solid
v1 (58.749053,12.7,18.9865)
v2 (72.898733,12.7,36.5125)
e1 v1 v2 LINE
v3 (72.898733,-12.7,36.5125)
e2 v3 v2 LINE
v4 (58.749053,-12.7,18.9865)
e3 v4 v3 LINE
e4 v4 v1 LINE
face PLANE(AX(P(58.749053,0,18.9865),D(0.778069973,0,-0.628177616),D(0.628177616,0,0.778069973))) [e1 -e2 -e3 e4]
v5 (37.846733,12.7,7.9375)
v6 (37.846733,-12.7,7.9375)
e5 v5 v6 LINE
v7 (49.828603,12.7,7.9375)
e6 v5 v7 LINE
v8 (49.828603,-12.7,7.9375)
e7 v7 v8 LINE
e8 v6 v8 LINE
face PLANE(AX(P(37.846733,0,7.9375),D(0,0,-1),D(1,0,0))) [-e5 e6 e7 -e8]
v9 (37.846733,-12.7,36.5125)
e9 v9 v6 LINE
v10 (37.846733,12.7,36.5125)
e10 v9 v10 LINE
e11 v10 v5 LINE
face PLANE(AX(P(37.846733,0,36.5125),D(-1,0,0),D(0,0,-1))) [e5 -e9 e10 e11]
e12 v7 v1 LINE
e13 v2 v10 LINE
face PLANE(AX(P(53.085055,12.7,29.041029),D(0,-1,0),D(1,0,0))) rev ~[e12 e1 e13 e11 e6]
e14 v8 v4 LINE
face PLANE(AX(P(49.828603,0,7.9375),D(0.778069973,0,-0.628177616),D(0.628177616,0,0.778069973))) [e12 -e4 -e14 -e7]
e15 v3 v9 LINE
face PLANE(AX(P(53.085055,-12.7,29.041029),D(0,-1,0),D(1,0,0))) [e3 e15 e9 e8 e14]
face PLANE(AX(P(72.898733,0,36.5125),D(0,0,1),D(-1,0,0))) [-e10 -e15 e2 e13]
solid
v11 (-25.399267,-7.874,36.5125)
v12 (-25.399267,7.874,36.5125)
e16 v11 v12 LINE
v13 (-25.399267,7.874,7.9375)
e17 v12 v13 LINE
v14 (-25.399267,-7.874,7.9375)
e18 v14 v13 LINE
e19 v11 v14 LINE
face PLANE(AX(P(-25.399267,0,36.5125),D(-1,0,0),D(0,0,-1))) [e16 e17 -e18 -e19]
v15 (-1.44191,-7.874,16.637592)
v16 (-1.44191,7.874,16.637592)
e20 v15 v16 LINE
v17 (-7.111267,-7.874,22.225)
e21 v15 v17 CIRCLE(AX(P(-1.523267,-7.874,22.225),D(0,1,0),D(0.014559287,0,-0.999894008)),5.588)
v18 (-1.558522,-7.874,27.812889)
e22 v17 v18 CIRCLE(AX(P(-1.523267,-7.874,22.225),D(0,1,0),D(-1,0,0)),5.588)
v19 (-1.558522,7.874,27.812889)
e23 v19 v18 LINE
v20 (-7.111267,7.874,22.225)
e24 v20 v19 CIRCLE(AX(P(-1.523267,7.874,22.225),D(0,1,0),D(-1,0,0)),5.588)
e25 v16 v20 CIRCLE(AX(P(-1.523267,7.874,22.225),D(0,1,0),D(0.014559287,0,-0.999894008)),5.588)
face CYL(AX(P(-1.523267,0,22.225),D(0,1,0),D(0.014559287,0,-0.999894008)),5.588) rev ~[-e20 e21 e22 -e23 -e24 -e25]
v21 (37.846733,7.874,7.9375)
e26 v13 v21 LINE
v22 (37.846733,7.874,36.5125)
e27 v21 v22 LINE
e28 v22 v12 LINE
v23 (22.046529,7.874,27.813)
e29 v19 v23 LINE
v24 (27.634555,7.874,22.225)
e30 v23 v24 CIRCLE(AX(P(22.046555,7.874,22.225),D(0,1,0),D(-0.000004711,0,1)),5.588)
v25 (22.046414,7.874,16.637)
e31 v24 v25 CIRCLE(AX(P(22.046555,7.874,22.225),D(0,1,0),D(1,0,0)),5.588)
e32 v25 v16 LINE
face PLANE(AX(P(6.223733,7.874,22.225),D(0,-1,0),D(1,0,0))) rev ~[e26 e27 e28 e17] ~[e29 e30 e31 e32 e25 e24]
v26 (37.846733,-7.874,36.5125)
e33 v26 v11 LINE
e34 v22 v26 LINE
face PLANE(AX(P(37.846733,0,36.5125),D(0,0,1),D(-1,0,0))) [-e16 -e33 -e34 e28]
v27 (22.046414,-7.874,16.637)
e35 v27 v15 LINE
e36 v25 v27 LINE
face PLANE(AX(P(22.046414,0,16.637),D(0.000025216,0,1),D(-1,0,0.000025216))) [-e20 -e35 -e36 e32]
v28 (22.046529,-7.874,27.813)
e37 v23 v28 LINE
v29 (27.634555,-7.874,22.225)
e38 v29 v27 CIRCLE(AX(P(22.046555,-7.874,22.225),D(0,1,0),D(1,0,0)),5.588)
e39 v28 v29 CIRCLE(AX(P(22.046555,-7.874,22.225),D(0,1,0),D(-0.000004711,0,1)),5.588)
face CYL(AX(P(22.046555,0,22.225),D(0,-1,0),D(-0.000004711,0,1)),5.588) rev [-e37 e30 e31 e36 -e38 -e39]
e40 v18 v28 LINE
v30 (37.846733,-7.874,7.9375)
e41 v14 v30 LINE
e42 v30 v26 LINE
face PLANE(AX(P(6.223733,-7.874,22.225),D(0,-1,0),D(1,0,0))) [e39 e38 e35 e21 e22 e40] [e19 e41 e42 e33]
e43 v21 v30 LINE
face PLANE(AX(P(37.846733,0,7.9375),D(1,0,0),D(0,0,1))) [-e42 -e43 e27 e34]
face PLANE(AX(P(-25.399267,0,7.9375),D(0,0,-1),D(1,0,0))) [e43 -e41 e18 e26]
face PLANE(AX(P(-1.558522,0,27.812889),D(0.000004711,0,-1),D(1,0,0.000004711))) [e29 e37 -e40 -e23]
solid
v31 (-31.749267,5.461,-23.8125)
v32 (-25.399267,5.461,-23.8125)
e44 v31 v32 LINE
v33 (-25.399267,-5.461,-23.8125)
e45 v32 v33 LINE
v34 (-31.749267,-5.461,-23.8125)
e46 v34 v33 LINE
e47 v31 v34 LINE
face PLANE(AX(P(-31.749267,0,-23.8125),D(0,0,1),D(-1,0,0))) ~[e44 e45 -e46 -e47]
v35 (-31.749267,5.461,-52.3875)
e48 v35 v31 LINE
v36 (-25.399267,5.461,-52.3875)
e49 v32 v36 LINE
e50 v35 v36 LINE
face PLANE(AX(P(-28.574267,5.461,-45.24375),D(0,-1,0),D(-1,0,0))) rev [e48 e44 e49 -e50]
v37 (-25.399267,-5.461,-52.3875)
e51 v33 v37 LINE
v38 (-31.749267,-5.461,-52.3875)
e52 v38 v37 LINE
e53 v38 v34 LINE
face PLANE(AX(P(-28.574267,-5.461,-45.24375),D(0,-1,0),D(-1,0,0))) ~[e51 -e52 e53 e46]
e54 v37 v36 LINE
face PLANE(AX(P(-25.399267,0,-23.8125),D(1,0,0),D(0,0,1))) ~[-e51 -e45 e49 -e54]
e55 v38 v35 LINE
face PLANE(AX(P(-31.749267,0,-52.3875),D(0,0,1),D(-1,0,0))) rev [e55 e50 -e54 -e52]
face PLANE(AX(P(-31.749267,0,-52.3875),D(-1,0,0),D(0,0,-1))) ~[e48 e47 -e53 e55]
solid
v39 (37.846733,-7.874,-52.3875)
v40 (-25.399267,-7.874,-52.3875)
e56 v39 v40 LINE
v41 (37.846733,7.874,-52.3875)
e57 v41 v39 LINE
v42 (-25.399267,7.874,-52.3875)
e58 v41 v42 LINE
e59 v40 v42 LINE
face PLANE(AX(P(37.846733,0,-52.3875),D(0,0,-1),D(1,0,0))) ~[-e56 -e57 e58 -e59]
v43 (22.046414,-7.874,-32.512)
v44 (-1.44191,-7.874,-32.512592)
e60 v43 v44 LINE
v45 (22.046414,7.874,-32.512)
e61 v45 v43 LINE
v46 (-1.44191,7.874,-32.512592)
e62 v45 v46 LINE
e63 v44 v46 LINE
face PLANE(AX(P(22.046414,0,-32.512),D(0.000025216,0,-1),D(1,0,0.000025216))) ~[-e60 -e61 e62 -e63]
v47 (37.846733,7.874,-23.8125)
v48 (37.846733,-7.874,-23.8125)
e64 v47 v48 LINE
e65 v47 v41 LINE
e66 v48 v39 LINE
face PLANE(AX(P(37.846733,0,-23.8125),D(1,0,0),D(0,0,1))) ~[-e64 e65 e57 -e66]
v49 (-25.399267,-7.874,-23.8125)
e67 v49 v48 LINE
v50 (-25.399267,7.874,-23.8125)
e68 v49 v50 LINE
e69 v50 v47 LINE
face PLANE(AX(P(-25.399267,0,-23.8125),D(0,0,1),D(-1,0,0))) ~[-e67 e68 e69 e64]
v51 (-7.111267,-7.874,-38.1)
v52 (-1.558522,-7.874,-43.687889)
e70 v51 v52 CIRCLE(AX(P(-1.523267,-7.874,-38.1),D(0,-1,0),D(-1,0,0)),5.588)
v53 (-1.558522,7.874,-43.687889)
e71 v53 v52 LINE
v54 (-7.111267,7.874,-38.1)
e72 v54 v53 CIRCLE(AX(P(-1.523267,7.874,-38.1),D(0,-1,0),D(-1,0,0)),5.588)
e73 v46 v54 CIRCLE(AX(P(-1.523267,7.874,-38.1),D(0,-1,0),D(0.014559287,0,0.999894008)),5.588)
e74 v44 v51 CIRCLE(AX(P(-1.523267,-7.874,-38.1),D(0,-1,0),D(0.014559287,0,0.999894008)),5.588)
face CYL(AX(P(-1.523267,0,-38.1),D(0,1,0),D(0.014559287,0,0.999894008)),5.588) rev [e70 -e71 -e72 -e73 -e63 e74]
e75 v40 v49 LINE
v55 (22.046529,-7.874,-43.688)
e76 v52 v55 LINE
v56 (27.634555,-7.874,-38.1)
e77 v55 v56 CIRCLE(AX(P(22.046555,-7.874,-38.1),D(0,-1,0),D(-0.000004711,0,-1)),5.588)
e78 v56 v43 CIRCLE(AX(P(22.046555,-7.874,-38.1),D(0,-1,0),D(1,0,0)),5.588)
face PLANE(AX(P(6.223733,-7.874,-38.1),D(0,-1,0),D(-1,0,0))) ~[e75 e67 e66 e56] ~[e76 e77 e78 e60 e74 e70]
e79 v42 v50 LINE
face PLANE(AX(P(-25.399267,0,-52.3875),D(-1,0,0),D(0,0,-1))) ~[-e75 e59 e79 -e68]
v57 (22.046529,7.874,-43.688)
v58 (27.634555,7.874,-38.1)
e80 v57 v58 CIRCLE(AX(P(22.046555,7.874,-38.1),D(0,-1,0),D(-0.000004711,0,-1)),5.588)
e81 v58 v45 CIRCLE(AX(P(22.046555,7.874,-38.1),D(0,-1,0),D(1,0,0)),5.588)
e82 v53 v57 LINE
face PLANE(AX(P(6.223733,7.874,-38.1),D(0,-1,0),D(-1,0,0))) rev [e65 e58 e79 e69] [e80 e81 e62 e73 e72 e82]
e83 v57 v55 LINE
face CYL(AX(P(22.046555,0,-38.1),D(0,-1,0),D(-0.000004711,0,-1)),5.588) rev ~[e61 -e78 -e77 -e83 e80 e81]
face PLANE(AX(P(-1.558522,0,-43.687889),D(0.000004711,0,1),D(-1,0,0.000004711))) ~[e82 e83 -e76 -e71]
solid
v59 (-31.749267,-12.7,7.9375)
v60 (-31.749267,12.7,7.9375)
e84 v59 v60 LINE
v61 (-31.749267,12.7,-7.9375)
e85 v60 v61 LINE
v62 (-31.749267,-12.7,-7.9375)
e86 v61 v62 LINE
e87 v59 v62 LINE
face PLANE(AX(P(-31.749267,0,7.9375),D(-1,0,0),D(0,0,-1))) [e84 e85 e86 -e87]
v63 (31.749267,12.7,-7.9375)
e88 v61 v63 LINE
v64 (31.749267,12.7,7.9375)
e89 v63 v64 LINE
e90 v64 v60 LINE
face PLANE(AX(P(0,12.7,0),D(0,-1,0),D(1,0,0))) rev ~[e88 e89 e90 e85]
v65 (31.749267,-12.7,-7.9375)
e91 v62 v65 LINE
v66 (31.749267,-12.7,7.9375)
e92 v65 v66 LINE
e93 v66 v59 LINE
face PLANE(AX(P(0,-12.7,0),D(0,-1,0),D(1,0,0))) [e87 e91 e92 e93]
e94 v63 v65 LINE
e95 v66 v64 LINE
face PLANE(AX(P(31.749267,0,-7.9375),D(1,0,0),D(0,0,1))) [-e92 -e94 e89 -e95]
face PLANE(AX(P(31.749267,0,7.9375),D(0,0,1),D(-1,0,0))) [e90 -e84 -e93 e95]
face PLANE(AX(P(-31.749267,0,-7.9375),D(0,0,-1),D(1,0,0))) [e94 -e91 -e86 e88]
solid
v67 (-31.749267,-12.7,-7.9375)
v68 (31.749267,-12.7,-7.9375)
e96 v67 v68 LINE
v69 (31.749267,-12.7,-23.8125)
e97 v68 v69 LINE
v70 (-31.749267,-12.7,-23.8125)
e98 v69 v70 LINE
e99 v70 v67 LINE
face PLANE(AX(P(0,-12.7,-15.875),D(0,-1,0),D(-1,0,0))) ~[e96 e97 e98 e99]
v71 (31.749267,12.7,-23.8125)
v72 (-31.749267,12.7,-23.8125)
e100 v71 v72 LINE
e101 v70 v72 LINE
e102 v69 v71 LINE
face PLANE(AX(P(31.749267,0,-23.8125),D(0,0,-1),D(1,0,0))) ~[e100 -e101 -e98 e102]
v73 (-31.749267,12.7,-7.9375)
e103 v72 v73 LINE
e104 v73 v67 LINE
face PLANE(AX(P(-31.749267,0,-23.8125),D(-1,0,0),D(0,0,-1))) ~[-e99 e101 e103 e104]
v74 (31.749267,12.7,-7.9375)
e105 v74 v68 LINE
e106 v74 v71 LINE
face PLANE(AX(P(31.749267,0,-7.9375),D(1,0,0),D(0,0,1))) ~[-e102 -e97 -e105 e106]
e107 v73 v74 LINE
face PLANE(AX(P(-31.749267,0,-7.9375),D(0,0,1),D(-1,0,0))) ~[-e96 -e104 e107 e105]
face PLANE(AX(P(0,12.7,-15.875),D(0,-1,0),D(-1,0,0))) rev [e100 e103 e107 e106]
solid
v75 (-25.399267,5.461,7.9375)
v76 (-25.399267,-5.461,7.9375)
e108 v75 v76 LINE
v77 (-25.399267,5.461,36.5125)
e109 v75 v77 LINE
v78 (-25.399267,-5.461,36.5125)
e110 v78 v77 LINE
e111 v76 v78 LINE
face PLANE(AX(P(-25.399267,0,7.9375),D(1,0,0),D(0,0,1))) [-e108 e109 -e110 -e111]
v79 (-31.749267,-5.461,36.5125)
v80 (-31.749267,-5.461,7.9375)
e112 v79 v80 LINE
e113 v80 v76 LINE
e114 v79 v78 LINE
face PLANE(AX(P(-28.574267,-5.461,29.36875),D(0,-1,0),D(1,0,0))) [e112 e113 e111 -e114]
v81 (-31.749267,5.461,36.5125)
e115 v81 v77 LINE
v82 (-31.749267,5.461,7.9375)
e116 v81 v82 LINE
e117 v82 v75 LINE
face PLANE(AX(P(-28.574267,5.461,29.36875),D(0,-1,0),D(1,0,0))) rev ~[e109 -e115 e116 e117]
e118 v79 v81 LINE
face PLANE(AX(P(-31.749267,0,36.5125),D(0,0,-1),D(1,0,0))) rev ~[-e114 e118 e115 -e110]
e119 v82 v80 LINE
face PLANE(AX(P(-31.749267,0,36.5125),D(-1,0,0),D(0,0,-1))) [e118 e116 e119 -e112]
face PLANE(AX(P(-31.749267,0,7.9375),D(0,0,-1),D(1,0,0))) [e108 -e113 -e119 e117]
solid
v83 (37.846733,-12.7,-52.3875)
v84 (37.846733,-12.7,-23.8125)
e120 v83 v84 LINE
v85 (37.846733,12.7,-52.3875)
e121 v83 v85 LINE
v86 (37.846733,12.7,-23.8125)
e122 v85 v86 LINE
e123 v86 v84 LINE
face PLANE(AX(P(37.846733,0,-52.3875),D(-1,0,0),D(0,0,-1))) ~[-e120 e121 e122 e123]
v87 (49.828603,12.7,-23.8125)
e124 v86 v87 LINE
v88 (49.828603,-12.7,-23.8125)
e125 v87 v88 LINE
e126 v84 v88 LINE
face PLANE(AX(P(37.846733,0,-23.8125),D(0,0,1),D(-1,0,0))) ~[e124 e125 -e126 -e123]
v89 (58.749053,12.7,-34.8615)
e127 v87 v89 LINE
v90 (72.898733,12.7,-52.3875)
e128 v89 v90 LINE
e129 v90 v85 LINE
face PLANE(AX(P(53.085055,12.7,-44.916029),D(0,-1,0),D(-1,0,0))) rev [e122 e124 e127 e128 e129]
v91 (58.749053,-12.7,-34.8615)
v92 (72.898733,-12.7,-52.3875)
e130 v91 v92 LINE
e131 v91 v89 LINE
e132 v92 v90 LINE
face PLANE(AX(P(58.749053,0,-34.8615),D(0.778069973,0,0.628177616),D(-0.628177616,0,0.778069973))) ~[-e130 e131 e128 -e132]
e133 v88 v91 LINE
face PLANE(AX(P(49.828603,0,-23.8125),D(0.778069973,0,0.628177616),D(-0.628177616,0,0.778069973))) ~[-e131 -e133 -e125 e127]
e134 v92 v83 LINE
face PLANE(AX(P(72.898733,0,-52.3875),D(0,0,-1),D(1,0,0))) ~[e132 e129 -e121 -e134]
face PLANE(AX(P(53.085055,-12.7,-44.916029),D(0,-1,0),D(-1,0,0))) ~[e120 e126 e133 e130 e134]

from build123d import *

# Parameters (mm, degrees)
F1_DEPTH = 12.7
F2_DEPTH = 7.874
F0_W     = 6.35
F0_H     = 14.2875
F3_DEPTH = 5.461


with BuildPart() as f1:
    # F0 (on Front) → F1 (new body, symmetric)
    with BuildSketch(Plane.XZ):
        Polygon((-25.3992669116, 7.9375), (-31.7492669116, 7.9375), (-31.7492669116, -7.9375), (31.7492669116, -7.9375), (31.7492669116, 7.9375), align=None)
    extrude(amount=F1_DEPTH, both=True)


with BuildPart() as f1b:
    # F0 (on Front) → F1, piece 2 (new body, symmetric)
    with BuildSketch(Plane.XZ):
        Polygon((37.8467330884, 36.5125), (37.8467330884, 18.9865), (58.7490534106, 18.9865), (72.8987330884, 36.5125), align=None)
        Polygon((37.8467330884, 18.9865), (37.8467330884, 7.9375), (49.8286031789, 7.9375), (58.7490534106, 18.9865), align=None)
    extrude(amount=F1_DEPTH, both=True)


with BuildPart() as f2:
    # F0 (on Front) → F2 (new body, symmetric)
    with BuildSketch(Plane.XZ):
        Polygon((-25.3992669116, 22.225), (-25.3992669116, 7.9375), (31.7492669116, 7.9375), (37.8467330884, 7.9375), (37.8467330884, 18.9865), (37.8467330884, 36.5125), (-25.3992669116, 36.5125), align=None)
        with BuildLine():
            ThreePointArc((-1.4419096179, 16.6375922835), (-5.4457099923, 18.2450271008), (-7.1112669116, 22.225))
            ThreePointArc((-7.1112669116, 22.225), (-5.4870245918, 26.1638283858), (-1.5585220824, 27.8128887849))
            Line((-1.5585220824, 27.8128887849), (22.0465285058, 27.813))
            ThreePointArc((22.0465285058, 27.8129999999), (25.9978582186, 26.1763220015), (27.6345548337, 22.225))
            ThreePointArc((27.6345548337, 22.225), (25.9978177084, 18.2736374889), (22.0464139266, 16.6370000018))
            Line((22.0464139266, 16.6370000018), (-1.4419096179, 16.6375922835))
        make_face(mode=Mode.SUBTRACT)
    extrude(amount=F2_DEPTH, both=True)


with BuildPart() as f3:
    # F0 (on Front) → F3 (new body, symmetric)
    with BuildSketch(Plane.XZ):
        with Locations((-28.5742669116, 29.36875)):
            Rectangle(F0_W, F0_H)
        with Locations((-28.5742669116, 15.08125)):
            Rectangle(F0_W, F0_H)
    extrude(amount=F3_DEPTH, both=True)


with BuildPart() as f4_1:
    # F4: instance of F3
    add(f3.part.mirror(Plane(origin=(0, 0, -7.9375), x_dir=(1, 0, 0), z_dir=(0, 0, -1))))


with BuildPart() as f4_2:
    # F4: instance of F2
    add(f2.part.mirror(Plane(origin=(0, 0, -7.9375), x_dir=(1, 0, 0), z_dir=(0, 0, -1))))


with BuildPart() as f4_3:
    # F4: instance of F1b
    add(f1b.part.mirror(Plane(origin=(0, 0, -7.9375), x_dir=(1, 0, 0), z_dir=(0, 0, -1))))


with BuildPart() as f4_4:
    # F4: instance of F1
    add(f1.part.mirror(Plane(origin=(0, 0, -7.9375), x_dir=(1, 0, 0), z_dir=(0, 0, -1))))


solid = Compound([f1.part, f1b.part, f2.part, f3.part, f4_1.part, f4_2.part, f4_3.part, f4_4.part])
